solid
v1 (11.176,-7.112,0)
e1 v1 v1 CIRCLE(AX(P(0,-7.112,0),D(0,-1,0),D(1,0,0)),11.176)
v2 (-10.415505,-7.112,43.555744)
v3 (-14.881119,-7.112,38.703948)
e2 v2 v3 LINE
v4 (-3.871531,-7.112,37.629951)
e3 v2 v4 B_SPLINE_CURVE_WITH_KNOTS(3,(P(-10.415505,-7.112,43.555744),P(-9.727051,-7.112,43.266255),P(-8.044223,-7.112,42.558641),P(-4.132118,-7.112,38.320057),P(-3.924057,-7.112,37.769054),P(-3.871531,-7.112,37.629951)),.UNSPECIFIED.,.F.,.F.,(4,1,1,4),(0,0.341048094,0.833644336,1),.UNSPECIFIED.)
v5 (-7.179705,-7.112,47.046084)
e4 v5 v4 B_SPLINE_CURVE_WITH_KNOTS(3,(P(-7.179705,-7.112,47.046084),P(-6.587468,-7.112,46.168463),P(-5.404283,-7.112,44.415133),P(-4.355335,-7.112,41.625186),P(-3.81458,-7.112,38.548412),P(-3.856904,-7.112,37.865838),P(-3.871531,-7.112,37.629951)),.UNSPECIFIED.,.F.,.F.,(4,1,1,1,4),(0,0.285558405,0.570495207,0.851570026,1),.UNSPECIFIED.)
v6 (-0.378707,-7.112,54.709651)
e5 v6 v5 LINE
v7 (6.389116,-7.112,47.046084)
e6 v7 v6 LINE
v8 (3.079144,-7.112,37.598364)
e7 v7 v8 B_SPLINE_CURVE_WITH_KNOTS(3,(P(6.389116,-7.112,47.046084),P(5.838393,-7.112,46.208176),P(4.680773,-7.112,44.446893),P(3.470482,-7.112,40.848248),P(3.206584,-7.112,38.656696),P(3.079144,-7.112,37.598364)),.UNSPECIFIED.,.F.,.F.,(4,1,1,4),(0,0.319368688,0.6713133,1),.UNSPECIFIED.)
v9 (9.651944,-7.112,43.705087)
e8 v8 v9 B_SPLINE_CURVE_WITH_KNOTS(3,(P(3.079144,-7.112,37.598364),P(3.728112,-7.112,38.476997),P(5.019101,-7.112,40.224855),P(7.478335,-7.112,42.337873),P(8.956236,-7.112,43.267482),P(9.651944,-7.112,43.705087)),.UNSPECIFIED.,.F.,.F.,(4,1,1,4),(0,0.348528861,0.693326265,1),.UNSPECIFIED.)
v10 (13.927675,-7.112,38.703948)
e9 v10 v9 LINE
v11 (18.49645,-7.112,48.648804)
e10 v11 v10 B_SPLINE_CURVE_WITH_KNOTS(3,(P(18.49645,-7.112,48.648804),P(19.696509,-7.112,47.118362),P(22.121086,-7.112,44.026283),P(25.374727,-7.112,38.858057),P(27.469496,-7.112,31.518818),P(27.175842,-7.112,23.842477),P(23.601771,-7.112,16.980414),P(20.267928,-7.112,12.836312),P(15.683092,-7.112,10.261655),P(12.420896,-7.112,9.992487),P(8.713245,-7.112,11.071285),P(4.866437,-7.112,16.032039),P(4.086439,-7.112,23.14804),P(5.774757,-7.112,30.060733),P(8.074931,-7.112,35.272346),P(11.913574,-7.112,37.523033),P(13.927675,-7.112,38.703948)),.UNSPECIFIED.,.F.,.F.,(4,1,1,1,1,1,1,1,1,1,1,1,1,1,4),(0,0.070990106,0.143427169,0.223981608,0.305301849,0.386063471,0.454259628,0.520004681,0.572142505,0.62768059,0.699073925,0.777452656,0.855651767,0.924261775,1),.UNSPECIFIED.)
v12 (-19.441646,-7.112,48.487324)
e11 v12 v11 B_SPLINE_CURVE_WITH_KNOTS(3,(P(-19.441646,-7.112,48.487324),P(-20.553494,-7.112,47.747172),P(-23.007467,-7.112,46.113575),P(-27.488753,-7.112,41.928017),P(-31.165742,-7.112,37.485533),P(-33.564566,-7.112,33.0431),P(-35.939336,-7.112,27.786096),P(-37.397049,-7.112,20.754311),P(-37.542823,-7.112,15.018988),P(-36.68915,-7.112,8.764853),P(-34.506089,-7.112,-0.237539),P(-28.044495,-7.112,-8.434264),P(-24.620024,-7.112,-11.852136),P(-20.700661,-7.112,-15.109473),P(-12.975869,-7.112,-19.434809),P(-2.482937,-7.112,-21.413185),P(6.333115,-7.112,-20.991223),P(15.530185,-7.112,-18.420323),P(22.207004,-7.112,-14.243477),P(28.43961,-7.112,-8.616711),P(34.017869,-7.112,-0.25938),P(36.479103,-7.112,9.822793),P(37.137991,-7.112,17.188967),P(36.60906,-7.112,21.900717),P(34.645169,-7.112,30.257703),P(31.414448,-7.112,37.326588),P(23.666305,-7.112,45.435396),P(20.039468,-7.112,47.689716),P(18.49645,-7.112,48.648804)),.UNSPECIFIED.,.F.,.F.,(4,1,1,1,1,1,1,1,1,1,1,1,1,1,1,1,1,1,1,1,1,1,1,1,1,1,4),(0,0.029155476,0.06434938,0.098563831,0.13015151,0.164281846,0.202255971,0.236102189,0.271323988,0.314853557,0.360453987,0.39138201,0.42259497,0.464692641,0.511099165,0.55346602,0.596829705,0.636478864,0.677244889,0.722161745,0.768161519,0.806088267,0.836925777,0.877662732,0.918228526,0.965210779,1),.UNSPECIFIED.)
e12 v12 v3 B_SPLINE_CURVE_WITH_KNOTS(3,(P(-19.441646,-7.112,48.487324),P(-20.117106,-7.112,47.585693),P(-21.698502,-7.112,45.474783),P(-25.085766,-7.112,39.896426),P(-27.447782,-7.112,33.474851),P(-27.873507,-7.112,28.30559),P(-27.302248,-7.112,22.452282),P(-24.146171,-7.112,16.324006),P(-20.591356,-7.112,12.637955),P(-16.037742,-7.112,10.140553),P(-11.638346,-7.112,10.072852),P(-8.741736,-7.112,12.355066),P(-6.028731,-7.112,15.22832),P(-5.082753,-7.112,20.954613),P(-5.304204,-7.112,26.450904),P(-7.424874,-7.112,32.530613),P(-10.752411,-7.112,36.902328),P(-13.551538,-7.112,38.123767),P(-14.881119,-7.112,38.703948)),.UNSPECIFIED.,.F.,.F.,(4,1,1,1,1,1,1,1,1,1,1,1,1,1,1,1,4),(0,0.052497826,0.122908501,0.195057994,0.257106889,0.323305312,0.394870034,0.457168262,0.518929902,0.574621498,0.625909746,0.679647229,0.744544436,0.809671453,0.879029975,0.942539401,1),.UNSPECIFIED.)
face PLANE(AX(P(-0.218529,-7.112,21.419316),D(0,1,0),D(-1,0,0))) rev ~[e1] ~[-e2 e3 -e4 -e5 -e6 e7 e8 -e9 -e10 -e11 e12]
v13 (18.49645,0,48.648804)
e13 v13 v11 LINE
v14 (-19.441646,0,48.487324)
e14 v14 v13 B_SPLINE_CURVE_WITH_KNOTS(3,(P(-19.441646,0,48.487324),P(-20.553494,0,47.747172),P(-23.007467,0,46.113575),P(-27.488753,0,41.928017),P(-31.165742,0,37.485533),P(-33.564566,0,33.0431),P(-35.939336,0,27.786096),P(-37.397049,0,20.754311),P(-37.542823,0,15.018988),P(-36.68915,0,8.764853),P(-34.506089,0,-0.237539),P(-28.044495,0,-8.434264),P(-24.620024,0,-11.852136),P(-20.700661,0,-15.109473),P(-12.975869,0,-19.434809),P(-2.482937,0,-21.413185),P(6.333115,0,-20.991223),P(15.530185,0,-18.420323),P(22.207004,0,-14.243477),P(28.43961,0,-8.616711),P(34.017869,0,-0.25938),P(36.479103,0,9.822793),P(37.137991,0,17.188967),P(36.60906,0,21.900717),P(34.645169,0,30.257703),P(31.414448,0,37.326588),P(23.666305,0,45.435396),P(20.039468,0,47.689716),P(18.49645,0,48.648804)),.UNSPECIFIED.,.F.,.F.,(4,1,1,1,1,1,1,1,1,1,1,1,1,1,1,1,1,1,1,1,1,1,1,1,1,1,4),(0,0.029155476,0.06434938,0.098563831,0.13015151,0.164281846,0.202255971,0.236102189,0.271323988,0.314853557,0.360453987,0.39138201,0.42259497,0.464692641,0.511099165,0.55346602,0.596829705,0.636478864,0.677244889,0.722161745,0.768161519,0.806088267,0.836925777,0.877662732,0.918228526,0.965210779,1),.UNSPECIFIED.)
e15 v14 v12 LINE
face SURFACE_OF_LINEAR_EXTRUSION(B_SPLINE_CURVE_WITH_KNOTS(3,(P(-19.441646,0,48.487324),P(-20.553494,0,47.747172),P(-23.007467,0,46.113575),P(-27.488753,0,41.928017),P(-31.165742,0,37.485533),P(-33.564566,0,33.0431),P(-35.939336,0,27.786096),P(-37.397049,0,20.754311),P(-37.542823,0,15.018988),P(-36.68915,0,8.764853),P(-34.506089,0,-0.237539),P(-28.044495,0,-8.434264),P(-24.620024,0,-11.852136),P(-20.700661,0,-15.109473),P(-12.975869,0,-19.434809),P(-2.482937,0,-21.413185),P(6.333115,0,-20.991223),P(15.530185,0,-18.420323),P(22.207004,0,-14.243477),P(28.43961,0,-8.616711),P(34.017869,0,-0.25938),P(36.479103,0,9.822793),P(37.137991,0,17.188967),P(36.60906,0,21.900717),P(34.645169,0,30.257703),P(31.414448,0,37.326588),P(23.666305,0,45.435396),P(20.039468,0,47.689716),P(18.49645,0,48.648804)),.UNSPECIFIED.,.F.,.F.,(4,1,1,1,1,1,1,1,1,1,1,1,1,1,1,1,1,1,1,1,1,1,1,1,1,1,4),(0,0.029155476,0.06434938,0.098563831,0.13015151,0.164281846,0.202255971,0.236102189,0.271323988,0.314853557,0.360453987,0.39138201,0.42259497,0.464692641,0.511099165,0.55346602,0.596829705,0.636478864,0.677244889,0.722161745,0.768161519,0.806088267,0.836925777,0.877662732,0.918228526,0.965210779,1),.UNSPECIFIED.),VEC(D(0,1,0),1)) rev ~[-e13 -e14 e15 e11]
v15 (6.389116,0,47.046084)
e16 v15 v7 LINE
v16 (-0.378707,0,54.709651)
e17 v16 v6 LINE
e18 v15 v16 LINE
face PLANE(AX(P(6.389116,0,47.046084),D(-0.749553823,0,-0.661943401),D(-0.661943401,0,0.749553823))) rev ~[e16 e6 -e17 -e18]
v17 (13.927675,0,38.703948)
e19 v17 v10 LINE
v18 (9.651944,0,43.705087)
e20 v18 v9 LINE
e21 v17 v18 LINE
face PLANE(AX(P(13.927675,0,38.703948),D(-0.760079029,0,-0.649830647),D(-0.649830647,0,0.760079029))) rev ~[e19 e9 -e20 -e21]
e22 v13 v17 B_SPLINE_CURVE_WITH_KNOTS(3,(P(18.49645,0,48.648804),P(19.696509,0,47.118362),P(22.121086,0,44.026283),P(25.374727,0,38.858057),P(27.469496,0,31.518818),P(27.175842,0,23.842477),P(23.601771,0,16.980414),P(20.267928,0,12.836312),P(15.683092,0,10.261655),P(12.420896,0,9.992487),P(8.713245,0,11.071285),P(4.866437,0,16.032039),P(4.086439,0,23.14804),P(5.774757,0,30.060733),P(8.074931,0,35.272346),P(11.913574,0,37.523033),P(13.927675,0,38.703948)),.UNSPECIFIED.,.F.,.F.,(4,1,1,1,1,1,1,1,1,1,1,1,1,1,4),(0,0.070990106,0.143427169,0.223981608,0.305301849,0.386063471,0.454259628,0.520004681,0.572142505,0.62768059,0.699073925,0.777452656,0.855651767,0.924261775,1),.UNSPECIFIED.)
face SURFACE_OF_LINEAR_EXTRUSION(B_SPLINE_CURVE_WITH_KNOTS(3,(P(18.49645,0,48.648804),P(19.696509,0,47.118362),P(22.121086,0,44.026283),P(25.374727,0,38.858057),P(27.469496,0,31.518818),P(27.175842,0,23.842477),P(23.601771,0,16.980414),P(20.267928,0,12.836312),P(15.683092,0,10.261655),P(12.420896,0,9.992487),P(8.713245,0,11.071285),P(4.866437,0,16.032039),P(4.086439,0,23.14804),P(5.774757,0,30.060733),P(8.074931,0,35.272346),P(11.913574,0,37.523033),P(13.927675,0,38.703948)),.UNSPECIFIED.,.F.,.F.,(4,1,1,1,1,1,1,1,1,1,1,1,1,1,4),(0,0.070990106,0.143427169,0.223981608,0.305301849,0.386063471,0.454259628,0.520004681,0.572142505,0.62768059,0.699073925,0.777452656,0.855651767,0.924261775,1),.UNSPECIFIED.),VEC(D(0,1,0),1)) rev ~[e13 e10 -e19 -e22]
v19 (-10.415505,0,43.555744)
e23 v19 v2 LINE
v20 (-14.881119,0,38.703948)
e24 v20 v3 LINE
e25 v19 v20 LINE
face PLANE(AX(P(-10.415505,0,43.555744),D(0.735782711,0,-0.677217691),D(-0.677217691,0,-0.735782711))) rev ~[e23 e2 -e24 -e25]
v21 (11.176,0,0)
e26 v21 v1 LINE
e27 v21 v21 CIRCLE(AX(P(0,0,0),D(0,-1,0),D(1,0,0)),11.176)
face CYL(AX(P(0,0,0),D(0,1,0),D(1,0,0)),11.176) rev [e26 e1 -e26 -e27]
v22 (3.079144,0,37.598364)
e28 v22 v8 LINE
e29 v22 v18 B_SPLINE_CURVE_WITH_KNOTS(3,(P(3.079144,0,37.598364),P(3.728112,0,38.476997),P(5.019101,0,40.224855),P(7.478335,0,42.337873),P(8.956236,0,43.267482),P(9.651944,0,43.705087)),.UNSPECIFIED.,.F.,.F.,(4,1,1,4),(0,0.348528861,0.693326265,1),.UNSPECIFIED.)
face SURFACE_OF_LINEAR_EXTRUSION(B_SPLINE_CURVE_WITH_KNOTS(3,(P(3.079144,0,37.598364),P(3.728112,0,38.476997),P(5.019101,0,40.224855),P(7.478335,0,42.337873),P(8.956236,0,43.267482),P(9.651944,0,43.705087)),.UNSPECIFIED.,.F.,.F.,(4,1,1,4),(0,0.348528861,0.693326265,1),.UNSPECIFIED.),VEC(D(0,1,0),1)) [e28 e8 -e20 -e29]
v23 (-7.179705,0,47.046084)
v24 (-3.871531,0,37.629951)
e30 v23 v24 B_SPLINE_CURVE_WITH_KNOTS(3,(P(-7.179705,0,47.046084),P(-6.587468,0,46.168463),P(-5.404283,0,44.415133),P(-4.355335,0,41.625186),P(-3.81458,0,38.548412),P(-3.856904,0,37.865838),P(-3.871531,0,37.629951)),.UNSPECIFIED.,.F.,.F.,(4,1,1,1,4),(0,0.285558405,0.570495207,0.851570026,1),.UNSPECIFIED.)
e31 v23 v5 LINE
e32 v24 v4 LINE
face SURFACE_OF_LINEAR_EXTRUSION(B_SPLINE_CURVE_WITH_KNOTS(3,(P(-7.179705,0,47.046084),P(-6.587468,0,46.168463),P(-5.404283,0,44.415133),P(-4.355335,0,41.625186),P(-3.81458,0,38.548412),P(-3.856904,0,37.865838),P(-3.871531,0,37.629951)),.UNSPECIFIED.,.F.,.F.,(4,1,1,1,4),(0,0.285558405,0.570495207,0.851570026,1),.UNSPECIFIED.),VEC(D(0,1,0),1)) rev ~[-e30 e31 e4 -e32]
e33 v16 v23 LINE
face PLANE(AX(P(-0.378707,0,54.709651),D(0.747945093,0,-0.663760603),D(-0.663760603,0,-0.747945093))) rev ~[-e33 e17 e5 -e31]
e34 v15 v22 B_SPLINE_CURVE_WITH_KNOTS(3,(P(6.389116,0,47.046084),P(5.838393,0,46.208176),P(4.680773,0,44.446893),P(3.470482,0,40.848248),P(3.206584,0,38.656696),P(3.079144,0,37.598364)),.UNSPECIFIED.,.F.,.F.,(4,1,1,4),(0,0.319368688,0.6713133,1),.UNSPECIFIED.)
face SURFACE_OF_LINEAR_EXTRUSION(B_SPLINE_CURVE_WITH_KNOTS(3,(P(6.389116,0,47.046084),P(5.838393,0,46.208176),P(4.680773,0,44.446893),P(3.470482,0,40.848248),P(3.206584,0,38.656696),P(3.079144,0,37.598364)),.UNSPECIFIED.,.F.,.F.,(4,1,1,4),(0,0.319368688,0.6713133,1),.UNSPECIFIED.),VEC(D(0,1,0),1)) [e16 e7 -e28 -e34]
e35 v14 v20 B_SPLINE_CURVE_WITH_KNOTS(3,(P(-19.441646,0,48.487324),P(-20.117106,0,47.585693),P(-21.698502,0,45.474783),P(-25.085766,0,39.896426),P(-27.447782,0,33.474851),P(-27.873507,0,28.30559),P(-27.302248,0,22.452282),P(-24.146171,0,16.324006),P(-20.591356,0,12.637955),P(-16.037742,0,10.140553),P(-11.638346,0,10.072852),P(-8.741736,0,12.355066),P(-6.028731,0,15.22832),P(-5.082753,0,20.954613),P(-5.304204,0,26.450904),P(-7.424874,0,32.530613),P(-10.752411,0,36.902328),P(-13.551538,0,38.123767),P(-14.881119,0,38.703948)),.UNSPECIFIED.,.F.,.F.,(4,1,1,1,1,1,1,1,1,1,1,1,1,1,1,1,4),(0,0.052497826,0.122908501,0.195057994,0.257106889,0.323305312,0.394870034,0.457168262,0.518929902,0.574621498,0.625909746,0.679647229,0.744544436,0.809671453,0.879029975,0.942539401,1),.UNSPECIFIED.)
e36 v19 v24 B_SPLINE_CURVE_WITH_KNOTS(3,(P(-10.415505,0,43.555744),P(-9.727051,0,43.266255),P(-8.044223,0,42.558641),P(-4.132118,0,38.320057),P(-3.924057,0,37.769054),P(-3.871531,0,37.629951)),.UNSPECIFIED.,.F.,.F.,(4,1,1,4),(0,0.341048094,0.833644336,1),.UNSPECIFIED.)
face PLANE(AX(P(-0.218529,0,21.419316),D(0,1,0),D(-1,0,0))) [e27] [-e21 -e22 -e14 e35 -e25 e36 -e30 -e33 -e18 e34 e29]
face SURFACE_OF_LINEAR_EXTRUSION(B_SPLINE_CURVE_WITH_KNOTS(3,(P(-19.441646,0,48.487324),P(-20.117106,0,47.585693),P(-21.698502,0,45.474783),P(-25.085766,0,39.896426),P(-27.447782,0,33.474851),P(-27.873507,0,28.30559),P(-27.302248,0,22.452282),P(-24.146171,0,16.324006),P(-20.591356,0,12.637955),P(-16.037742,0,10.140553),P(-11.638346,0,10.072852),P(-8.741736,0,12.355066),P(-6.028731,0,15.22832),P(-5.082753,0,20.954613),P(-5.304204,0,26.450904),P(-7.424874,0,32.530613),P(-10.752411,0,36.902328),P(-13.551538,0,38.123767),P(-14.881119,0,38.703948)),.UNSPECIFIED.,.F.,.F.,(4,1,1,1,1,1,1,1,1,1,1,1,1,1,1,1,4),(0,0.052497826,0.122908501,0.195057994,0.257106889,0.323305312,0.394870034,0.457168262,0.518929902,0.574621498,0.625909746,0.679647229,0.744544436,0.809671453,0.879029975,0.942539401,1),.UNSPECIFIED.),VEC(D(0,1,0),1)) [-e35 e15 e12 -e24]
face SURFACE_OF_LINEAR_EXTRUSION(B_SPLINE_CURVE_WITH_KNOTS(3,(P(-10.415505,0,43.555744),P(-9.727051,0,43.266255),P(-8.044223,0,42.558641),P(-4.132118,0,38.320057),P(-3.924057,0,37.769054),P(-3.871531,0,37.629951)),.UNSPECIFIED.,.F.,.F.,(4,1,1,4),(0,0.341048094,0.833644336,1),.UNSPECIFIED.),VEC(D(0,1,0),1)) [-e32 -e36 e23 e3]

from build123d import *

# Parameters (mm, degrees)
F0_R     = 11.176
F1_DEPTH = 7.112


with BuildPart() as f1:
    # F0 (on Front) → F1 (new body)
    with BuildSketch(Plane.XZ):
        with BuildLine():
            add(Edge.make_bspline(
                [(-19.4416455925, 48.4873242676), (-20.1171061071, 47.5856928657), (-21.6985018679, 45.4747832774), (-25.0857664083, 39.8964262855), (-27.4477816863, 33.4748511401), (-27.8735067811, 28.3055896508), (-27.3022480414, 22.4522820177), (-24.1461714308, 16.3240058545), (-20.5913564745, 12.6379554409), (-16.0377415433, 10.1405526399), (-11.6383463262, 10.0728524121), (-8.7417357993, 12.355066401), (-6.0287306854, 15.2283198196), (-5.0827529008, 20.954612759), (-5.3042042581, 26.4509039265), (-7.4248735384, 32.53061339), (-10.752410807, 36.9023278003), (-13.5515376511, 38.123766515), (-14.881119132, 38.7039482594)],
                knots=[0, 0, 0, 0, 0.0524978259, 0.122908501, 0.1950579944, 0.2571068885, 0.3233053123, 0.3948700341, 0.4571682616, 0.5189299024, 0.5746214981, 0.6259097457, 0.6796472292, 0.7445444364, 0.8096714528, 0.8790299752, 0.9425394011, 1, 1, 1, 1], degree=3))
            add(Edge.make_bspline(
                [(-19.4416455925, 48.4873242676), (-20.5534940127, 47.7471724398), (-23.0074671804, 46.1135750066), (-27.4887526256, 41.9280168435), (-31.1657422901, 37.485532628), (-33.5645661344, 33.0430995248), (-35.9393362124, 27.7860961197), (-37.3970493708, 20.7543114529), (-37.5428225989, 15.018988345), (-36.6891496839, 8.7648527781), (-34.5060889628, -0.2375385096), (-28.0444952226, -8.4342642993), (-24.620023838, -11.852135994), (-20.7006612433, -15.1094733807), (-12.9758685653, -19.4348087236), (-2.4829372001, -21.4131848406), (6.333114605, -20.9912227683), (15.5301854527, -18.4203234839), (22.2070044139, -14.2434771475), (28.4396099506, -8.6167110841), (34.0178693757, -0.2593799839), (36.4791028278, 9.8227927103), (37.137990857, 17.1889665769), (36.6090600211, 21.9007165807), (34.6451689495, 30.2577034344), (31.4144481214, 37.3265875639), (23.666305486, 45.4353964444), (20.0394679676, 47.6897164626), (18.4964500368, 48.6488044262)],
                knots=[0, 0, 0, 0, 0.0291554764, 0.0643493802, 0.0985638311, 0.1301515101, 0.1642818457, 0.202255971, 0.2361021885, 0.2713239878, 0.3148535567, 0.360453987, 0.3913820103, 0.4225949699, 0.4646926411, 0.5110991648, 0.5534660199, 0.5968297046, 0.6364788636, 0.6772448888, 0.7221617448, 0.7681615186, 0.8060882666, 0.836925777, 0.8776627316, 0.9182285261, 0.9652107794, 1, 1, 1, 1], degree=3))
            add(Edge.make_bspline(
                [(18.4964500368, 48.6488044262), (19.6965086231, 47.1183621195), (22.1210860081, 44.0262832423), (25.3747271262, 38.8580570834), (27.4694955303, 31.5188183872), (27.1758419468, 23.8424774295), (23.6017709983, 16.9804135737), (20.2679275163, 12.8363121216), (15.6830921869, 10.2616549729), (12.4208955274, 9.9924868839), (8.7132453, 11.0712852974), (4.8664365295, 16.0320394746), (4.0864391494, 23.1480401334), (5.7747574686, 30.0607325588), (8.0749312413, 35.2723459381), (11.9135735963, 37.5230329478), (13.9276748523, 38.7039482594)],
                knots=[0, 0, 0, 0, 0.0709901058, 0.1434271685, 0.2239816078, 0.3053018494, 0.3860634705, 0.454259628, 0.5200046805, 0.5721425048, 0.6276805902, 0.6990739253, 0.7774526565, 0.8556517667, 0.9242617751, 1, 1, 1, 1], degree=3))
            Line((13.9276748523, 38.7039482594), (9.6519440413, 43.7050871551))
            add(Edge.make_bspline(
                [(3.0791440513, 37.5983640552), (3.7281124191, 38.4769966644), (5.0191010998, 40.2248549718), (7.4783353346, 42.3378729821), (8.9562364097, 43.2674824789), (9.6519440413, 43.7050871551)],
                knots=[0, 0, 0, 0, 0.3485288609, 0.6933262646, 1, 1, 1, 1], degree=3))
            add(Edge.make_bspline(
                [(6.3891159371, 47.046083957), (5.8383931446, 46.2081762425), (4.6807732866, 44.4468933927), (3.4704824125, 40.8482480418), (3.2065842763, 38.6566961469), (3.0791440513, 37.5983640552)],
                knots=[0, 0, 0, 0, 0.319368688, 0.6713133, 1, 1, 1, 1], degree=3))
            Line((6.3891159371, 47.046083957), (-0.3787067253, 54.7096505761))
            Line((-0.3787067253, 54.7096505761), (-7.1797054261, 47.046083957))
            add(Edge.make_bspline(
                [(-7.1797054261, 47.046083957), (-6.5874681612, 46.1684634853), (-5.4042828109, 44.4151329422), (-4.3553350669, 41.6251863394), (-3.8145800665, 38.5484118959), (-3.8569040401, 37.865837549), (-3.8715305272, 37.6299507916)],
                knots=[0, 0, 0, 0, 0.2855584047, 0.5704952072, 0.8515700256, 1, 1, 1, 1], degree=3))
            add(Edge.make_bspline(
                [(-10.4155046865, 43.5557439923), (-9.7270512065, 43.2662552699), (-8.0442230237, 42.5586406019), (-4.1321181862, 38.3200565688), (-3.924056682, 37.7690540897), (-3.8715305272, 37.6299507916)],
                knots=[0, 0, 0, 0, 0.3410480938, 0.8336443356, 1, 1, 1, 1], degree=3))
            Line((-10.4155046865, 43.5557439923), (-14.881119132, 38.7039482594))
        make_face()
        Circle(F0_R, mode=Mode.SUBTRACT)
    extrude(amount=F1_DEPTH)


solid = f1.part
